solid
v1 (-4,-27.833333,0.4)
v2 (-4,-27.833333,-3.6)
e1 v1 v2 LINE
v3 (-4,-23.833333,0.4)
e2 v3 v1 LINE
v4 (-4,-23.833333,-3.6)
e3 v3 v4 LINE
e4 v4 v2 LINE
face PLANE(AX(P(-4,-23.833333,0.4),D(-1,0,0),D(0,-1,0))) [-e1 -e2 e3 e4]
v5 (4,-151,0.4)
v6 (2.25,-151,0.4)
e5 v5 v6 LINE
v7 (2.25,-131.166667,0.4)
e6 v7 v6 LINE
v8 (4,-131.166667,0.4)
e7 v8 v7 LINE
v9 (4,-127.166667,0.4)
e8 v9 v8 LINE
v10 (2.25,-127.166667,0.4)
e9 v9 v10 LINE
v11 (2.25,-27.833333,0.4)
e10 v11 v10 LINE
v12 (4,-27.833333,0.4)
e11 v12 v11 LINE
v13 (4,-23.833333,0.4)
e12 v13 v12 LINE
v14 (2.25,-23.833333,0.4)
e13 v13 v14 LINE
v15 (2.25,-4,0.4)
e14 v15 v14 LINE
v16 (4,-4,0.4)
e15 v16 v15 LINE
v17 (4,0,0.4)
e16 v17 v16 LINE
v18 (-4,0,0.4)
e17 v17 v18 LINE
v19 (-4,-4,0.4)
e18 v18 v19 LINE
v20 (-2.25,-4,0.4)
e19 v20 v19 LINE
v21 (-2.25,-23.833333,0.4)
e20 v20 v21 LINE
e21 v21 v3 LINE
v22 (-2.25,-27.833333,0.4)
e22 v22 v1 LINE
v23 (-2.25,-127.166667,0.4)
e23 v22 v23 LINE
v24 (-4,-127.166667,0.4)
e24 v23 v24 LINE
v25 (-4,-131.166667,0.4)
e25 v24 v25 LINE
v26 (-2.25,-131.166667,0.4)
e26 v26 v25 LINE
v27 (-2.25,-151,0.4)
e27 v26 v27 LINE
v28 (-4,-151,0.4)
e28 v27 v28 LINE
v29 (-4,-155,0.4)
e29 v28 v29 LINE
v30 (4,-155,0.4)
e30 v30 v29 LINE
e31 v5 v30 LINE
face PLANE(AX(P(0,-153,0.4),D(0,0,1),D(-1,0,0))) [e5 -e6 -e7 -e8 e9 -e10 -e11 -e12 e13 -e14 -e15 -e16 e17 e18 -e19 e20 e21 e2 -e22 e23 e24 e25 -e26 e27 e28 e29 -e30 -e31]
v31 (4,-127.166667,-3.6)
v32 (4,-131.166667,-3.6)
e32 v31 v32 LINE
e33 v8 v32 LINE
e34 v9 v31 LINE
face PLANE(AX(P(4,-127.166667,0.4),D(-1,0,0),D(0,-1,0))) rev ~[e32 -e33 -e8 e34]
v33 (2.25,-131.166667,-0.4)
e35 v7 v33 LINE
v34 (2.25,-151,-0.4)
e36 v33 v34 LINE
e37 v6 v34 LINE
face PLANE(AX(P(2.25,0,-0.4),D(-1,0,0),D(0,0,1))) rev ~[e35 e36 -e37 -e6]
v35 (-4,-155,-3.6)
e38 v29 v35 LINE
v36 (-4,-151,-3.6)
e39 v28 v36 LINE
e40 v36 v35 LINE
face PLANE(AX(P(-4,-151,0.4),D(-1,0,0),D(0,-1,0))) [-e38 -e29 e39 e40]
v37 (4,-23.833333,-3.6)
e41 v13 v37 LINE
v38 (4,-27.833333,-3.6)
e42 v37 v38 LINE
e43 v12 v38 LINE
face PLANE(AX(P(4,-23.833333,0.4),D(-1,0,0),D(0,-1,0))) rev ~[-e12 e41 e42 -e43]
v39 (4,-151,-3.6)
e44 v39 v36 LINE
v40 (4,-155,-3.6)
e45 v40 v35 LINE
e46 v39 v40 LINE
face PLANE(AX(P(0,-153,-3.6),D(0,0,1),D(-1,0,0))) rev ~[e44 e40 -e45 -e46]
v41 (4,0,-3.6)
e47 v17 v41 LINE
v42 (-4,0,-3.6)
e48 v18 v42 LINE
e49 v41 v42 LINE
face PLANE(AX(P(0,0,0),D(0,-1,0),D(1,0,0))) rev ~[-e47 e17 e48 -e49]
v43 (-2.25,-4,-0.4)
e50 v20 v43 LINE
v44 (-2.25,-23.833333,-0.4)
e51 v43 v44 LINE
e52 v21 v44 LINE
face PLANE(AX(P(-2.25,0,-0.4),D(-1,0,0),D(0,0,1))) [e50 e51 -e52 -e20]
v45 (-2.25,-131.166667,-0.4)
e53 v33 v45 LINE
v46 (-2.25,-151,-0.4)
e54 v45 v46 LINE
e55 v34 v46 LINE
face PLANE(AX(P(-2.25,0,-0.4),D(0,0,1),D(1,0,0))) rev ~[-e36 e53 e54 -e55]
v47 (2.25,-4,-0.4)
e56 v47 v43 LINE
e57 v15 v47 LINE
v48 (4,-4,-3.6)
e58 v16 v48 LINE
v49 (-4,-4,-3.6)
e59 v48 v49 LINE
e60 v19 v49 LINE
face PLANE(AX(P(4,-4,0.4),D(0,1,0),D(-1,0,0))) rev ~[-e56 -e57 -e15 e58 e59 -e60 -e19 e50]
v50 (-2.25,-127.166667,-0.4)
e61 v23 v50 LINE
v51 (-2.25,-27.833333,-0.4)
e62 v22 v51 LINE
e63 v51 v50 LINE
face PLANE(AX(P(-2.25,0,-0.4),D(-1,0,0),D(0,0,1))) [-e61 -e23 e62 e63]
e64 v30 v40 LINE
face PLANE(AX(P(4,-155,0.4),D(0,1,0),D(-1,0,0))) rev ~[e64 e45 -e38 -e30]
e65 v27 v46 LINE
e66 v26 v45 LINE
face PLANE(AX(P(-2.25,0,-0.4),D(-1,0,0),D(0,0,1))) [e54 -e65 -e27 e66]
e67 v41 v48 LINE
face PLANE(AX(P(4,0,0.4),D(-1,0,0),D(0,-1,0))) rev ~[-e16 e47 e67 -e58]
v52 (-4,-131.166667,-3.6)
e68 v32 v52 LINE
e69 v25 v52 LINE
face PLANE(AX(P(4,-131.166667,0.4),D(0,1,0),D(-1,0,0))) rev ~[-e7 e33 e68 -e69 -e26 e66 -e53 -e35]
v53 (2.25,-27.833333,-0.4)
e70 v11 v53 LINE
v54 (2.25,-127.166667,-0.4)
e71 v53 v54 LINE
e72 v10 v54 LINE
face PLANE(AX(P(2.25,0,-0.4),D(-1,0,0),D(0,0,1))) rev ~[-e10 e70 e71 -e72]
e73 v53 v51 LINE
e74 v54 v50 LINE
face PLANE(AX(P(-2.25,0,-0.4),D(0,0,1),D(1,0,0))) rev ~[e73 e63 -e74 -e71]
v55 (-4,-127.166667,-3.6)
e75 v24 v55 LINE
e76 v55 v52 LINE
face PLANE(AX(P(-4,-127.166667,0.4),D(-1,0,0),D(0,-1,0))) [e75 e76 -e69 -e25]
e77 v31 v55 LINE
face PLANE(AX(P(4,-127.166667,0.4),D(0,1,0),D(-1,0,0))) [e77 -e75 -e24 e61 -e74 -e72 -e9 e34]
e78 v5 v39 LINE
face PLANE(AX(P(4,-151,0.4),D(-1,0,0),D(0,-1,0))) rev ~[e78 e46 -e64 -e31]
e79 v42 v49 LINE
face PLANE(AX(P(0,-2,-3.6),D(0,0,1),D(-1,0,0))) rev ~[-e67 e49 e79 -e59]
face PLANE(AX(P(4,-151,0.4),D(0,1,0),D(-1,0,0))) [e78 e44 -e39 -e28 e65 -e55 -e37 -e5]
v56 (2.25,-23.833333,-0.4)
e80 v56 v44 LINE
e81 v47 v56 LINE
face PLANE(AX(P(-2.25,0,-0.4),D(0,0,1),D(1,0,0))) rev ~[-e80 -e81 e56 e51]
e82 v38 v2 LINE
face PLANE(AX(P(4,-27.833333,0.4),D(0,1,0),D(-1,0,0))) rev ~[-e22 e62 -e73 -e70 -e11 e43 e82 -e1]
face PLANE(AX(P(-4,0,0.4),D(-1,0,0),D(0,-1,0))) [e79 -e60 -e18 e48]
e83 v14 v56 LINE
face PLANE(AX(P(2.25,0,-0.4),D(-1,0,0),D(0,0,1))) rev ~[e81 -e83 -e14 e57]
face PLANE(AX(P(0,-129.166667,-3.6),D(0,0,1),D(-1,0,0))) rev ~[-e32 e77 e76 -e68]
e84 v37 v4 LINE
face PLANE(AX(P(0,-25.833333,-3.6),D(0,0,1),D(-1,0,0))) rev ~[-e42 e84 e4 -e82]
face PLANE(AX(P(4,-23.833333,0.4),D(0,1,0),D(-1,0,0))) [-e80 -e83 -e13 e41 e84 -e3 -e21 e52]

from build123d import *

# Parameters (mm, degrees)
SKETCH_W     = 4.5
SKETCH_H     = 0.8
PAD_DEPTH    = 155
SKETCH002_W  = 8
SKETCH002_H  = 4
PAD001_DEPTH = 4


with BuildPart() as part:
    # Sketch → Pad (new body)
    with BuildSketch(Plane.XZ):
        Rectangle(SKETCH_W, SKETCH_H)
    extrude(amount=PAD_DEPTH)

    # Sketch002 (on Face4 of Pad) → Pad001 (join)
    with BuildSketch(Plane(origin=(0, 0, 0.4), x_dir=(-1, 0, 0), z_dir=(0, 0, 1))):
        with Locations((0, 153)):
            Rectangle(SKETCH002_W, SKETCH002_H)
        with Locations((0, 129.166667)):
            Rectangle(SKETCH002_W, SKETCH002_H)
        with Locations((0, 25.833333)):
            Rectangle(SKETCH002_W, SKETCH002_H)
        with Locations((0, 2)):
            Rectangle(SKETCH002_W, SKETCH002_H)
    extrude(amount=-PAD001_DEPTH)


solid = part.part
